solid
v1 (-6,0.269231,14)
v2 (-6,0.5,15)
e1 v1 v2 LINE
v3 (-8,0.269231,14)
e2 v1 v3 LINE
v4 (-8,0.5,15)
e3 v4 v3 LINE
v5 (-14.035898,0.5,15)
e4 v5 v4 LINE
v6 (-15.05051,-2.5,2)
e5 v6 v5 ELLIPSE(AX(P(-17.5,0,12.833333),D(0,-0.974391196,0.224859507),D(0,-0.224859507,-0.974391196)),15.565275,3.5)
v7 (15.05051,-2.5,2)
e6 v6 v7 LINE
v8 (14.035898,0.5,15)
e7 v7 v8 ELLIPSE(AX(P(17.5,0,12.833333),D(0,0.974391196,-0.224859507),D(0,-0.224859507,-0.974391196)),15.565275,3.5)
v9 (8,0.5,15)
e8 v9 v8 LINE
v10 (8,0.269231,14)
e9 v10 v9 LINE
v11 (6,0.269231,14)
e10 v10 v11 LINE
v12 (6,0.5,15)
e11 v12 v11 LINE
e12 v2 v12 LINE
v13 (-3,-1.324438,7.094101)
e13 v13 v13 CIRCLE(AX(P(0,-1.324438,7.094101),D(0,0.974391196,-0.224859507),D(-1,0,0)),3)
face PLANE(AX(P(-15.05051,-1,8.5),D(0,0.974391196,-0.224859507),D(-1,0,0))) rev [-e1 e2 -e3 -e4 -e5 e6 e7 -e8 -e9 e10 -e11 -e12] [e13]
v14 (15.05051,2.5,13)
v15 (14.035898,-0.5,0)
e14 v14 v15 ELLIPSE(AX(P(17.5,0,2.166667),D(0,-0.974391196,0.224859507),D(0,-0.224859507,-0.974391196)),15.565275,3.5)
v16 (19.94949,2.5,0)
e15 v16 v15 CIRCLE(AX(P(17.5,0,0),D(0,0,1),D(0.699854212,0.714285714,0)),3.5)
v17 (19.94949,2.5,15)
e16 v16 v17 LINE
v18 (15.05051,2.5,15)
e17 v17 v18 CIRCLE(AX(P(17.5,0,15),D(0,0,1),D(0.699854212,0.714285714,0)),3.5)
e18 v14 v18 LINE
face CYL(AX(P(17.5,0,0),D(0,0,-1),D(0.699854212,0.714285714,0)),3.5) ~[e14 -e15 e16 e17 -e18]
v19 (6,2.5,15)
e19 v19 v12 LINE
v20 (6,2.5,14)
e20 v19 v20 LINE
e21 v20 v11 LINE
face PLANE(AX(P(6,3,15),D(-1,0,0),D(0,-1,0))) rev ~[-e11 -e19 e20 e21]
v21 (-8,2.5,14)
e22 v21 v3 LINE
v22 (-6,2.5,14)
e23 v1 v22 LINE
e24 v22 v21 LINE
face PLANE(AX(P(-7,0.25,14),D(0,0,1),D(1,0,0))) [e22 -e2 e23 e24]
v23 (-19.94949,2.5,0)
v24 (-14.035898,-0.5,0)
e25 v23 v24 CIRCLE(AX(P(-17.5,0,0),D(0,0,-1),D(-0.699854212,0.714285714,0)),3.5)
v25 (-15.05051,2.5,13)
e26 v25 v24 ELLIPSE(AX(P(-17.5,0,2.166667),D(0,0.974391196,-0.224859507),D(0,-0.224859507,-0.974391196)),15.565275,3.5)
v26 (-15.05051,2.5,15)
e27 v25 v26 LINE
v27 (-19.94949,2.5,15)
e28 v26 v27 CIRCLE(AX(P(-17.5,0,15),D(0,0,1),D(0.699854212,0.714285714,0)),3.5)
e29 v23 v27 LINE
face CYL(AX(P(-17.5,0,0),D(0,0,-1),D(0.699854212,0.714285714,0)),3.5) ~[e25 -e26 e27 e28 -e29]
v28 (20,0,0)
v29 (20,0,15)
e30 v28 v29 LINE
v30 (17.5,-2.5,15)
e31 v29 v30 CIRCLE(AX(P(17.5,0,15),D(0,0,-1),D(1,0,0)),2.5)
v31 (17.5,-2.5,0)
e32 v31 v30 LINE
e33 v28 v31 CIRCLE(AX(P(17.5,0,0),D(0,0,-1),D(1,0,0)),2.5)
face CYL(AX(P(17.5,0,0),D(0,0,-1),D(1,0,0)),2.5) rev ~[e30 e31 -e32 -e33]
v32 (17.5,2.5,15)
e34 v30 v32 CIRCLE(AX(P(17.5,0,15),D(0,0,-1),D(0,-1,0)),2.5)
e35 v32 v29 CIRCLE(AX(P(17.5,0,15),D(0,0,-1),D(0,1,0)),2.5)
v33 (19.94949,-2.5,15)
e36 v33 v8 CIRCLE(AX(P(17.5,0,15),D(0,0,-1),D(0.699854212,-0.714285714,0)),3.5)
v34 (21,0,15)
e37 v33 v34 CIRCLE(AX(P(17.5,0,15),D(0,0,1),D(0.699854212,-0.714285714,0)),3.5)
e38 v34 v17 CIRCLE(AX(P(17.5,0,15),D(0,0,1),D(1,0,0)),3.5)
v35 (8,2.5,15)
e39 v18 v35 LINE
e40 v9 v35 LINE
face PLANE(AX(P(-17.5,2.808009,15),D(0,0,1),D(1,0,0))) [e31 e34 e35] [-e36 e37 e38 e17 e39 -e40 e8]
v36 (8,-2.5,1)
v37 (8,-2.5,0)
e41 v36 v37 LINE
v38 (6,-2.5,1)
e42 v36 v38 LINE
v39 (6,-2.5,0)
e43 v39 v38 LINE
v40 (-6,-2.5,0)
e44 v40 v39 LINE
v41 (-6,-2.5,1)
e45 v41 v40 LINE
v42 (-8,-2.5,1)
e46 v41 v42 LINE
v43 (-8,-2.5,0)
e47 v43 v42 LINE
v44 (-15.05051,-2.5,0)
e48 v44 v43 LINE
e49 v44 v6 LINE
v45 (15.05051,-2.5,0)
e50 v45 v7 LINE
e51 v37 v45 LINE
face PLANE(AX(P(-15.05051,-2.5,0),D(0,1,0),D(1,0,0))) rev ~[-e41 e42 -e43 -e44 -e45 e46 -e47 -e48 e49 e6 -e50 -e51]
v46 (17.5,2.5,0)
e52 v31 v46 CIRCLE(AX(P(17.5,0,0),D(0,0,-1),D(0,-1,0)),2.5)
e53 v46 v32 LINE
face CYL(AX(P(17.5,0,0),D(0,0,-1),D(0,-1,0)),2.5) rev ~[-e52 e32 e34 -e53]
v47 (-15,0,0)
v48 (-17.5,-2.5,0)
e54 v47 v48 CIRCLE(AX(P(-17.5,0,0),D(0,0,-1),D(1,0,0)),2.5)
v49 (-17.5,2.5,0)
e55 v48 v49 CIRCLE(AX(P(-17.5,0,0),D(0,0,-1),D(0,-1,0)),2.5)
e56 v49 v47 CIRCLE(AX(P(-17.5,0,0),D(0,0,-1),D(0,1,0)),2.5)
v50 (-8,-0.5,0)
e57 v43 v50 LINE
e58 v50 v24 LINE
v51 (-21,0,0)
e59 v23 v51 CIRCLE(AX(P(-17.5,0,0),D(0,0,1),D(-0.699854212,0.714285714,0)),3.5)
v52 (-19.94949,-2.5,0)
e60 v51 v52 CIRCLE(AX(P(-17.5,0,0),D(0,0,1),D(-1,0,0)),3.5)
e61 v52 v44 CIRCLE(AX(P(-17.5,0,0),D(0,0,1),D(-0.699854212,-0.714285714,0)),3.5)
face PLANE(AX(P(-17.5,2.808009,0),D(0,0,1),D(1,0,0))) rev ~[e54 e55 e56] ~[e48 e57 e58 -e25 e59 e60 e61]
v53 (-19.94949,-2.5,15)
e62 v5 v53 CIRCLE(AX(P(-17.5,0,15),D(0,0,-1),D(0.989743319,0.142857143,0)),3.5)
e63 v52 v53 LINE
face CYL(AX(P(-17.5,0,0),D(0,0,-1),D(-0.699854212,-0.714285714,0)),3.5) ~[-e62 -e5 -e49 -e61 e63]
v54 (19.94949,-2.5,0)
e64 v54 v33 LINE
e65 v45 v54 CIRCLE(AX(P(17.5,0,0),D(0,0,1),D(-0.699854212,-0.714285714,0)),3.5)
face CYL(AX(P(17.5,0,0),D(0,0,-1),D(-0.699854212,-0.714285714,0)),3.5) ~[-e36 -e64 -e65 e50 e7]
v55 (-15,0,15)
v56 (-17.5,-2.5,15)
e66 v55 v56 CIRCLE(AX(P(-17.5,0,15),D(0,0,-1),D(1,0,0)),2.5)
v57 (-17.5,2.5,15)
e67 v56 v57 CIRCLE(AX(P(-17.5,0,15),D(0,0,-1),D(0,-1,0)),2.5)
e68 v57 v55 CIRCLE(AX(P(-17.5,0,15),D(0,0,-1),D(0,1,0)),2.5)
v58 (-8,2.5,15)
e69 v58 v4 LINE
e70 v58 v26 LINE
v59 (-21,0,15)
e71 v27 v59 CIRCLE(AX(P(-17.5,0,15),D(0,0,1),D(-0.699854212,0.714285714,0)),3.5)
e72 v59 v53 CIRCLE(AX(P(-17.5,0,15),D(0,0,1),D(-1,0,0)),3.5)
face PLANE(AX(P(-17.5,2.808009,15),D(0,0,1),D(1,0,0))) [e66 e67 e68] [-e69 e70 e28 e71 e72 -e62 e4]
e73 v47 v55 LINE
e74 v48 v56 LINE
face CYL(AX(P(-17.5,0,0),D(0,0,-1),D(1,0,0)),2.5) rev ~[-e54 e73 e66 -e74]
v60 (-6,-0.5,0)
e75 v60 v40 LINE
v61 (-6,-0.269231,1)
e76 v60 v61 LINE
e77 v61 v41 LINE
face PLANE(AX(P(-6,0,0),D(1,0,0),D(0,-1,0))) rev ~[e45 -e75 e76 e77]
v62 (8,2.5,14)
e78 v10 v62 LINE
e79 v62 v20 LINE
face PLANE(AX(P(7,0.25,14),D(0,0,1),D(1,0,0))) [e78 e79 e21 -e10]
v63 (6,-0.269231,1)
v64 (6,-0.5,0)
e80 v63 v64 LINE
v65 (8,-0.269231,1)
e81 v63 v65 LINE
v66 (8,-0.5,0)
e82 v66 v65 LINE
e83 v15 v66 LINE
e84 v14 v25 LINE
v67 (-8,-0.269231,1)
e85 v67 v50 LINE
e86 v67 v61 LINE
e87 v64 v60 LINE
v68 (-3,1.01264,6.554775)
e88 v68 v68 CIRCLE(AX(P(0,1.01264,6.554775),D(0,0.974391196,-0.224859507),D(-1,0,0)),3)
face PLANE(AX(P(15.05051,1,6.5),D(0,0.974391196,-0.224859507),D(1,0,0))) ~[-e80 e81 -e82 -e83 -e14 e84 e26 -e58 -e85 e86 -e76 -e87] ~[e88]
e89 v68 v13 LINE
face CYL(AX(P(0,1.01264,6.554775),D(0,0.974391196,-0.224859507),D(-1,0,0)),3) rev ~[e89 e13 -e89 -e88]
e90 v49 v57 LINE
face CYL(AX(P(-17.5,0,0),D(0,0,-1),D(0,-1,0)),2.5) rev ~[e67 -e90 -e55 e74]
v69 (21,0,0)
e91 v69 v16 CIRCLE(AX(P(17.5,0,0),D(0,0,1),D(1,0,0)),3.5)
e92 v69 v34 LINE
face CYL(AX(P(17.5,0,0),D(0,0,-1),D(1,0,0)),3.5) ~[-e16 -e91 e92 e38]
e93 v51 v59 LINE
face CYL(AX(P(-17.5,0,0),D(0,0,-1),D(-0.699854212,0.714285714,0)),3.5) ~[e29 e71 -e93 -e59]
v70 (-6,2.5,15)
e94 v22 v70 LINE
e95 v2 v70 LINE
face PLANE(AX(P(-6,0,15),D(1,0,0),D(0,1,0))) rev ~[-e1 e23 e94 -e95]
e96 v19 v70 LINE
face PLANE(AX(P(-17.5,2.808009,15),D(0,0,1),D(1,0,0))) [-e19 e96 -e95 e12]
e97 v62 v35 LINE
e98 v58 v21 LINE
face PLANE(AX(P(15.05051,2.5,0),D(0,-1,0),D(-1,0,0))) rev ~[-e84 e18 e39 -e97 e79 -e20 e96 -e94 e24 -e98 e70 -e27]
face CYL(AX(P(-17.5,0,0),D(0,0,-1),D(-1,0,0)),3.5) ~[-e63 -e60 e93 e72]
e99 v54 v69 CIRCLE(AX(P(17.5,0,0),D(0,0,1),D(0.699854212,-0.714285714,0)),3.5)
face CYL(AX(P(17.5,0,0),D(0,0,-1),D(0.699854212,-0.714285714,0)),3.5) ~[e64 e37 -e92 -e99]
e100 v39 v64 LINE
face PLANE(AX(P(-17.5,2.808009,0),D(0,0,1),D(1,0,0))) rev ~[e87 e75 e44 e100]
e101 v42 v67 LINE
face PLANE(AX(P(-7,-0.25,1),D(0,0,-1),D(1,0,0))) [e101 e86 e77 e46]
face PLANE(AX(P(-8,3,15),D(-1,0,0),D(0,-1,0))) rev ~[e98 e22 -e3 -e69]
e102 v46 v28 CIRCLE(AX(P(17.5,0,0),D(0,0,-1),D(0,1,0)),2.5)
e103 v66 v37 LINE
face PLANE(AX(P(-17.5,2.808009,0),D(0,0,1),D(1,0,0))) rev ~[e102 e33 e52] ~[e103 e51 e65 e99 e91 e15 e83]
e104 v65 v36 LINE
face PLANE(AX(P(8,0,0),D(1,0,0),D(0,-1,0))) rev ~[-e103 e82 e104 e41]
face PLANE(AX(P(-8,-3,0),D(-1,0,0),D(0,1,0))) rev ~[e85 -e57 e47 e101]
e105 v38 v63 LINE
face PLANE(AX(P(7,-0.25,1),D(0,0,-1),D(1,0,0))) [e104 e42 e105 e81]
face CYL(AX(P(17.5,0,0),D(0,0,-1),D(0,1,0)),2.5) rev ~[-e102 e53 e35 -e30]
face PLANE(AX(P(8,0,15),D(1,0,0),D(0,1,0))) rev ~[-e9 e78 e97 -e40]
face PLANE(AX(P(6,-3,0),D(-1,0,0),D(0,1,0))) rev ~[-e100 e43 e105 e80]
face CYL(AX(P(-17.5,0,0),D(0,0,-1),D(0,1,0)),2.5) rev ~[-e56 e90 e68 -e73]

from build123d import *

# Parameters (mm, degrees)
F1_DEPTH = 15
F2_SIZE2 = 3
F2_SIZE  = 13
F3_SIZE2 = 3
F3_SIZE  = 13
F4_R     = 3
F5_DEPTH = 25
F6_W     = 2
F6_H     = 0.5
F6_H_2   = 2
F7_DEPTH = 1
F8_W     = 2
F8_H     = 0.5
F8_H_2   = 2
F9_DEPTH = 1


with BuildPart() as f1:
    # F0 (on Top) → F1 (new body)
    with BuildSketch(Plane.XY):
        with BuildLine():
            Line((-17.5, 2.5), (-15.0505102572, 2.5))
            ThreePointArc((-15.0505102572, 2.5), (-17.5, 3.5), (-19.9494897428, 2.5))
            Line((-19.9494897428, 2.5), (-17.5, 2.5))
        make_face()
        with BuildLine():
            ThreePointArc((-17.5, -2.5), (-20, 0), (-17.5, 2.5))
            Line((-17.5, 2.5), (-19.9494897428, 2.5))
            ThreePointArc((-19.9494897428, 2.5), (-20.7267021942, 1.3558735008), (-21, 0))
            ThreePointArc((-21, 0), (-20.7267021942, -1.3558735008), (-19.9494897428, -2.5))
            Line((-19.9494897428, -2.5), (-17.5, -2.5))
        make_face()
        with BuildLine():
            ThreePointArc((-19.9494897428, -2.5), (-17.5, -3.5), (-15.0505102572, -2.5))
            Line((-15.0505102572, -2.5), (-17.5, -2.5))
            Line((-17.5, -2.5), (-19.9494897428, -2.5))
        make_face()
        with BuildLine():
            ThreePointArc((-14, 0), (-14.2732978058, 1.3558735008), (-15.0505102572, 2.5))
            Line((-15.0505102572, 2.5), (-17.5, 2.5))
            ThreePointArc((-17.5, 2.5), (-15.732233047, 1.767766953), (-15, 0))
            ThreePointArc((-15, 0), (-15.732233047, -1.767766953), (-17.5, -2.5))
            Line((-17.5, -2.5), (-15.0505102572, -2.5))
            ThreePointArc((-15.0505102572, -2.5), (-14.2732978058, -1.3558735008), (-14, 0))
        make_face()
        with BuildLine():
            ThreePointArc((15.0505102572, -2.5), (14, 0), (15.0505102572, 2.5))
            Line((15.0505102572, 2.5), (-15.0505102572, 2.5))
            ThreePointArc((-15.0505102572, 2.5), (-14.2732978058, 1.3558735008), (-14, 0))
            ThreePointArc((-14, 0), (-14.2732978058, -1.3558735008), (-15.0505102572, -2.5))
            Line((-15.0505102572, -2.5), (15.0505102572, -2.5))
        make_face()
        with BuildLine():
            ThreePointArc((17.5, -2.5), (15, 0), (17.5, 2.5))
            Line((17.5, 2.5), (15.0505102572, 2.5))
            ThreePointArc((15.0505102572, 2.5), (14, 0), (15.0505102572, -2.5))
            Line((15.0505102572, -2.5), (17.5, -2.5))
        make_face()
        with BuildLine():
            Line((17.5, 2.5), (19.9494897428, 2.5))
            ThreePointArc((19.9494897428, 2.5), (17.5, 3.5), (15.0505102572, 2.5))
            Line((15.0505102572, 2.5), (17.5, 2.5))
        make_face()
        with BuildLine():
            ThreePointArc((21, 0), (20.7267021942, 1.3558735008), (19.9494897428, 2.5))
            Line((19.9494897428, 2.5), (17.5, 2.5))
            ThreePointArc((17.5, 2.5), (19.267766953, 1.767766953), (20, 0))
            ThreePointArc((20, 0), (19.267766953, -1.767766953), (17.5, -2.5))
            Line((17.5, -2.5), (19.9494897428, -2.5))
            ThreePointArc((19.9494897428, -2.5), (20.7267021942, -1.3558735008), (21, 0))
        make_face()
        with BuildLine():
            ThreePointArc((15.0505102572, -2.5), (17.5, -3.5), (19.9494897428, -2.5))
            Line((19.9494897428, -2.5), (17.5, -2.5))
            Line((17.5, -2.5), (15.0505102572, -2.5))
        make_face()
    extrude(amount=F1_DEPTH)

    # F2
    f2_edges = [f1.edges().sort_by_distance(p)[0] for p in [
        (0, -2.5, 15),
    ]]
    f2_side = f1.faces().sort_by_distance((0, -2.5, 7.5))[0]
    chamfer(f2_edges, length=F2_SIZE, length2=F2_SIZE2, reference=f2_side)

    # F3
    f3_edges = [f1.edges().sort_by_distance(p)[0] for p in [
        (0, 2.5, 0),
    ]]
    f3_side = f1.faces().sort_by_distance((0, 2.5, 7.5))[0]
    chamfer(f3_edges, length=F3_SIZE, length2=F3_SIZE2, reference=f3_side)

    # F4 (on face) → F5 (cut)
    with BuildSketch(Plane(origin=(0, -0.4747191011, 0.1095505618), x_dir=(-1, 0, 0), z_dir=(0, 0.9743911957, -0.2248595067))):
        with Locations((0, 6.6146171554)):
            Circle(F4_R)
    extrude(amount=-F5_DEPTH, mode=Mode.SUBTRACT)

    # F6 (on face) → F7 (cut)
    with BuildSketch(Plane.XY.offset(15)):
        with Locations((7, 0.25)):
            Rectangle(F6_W, F6_H)
        with Locations((-7, 0.25)):
            Rectangle(F6_W, F6_H)
        with Locations((-7, 1.5)):
            Rectangle(F6_W, F6_H_2)
        with Locations((-7, 2.75)):
            Rectangle(F6_W, F6_H)
        with Locations((7, 1.5)):
            Rectangle(F6_W, F6_H_2)
        with Locations((7, 2.75)):
            Rectangle(F6_W, F6_H)
    extrude(amount=-F7_DEPTH, mode=Mode.SUBTRACT)

    # F8 (on face) → F9 (cut)
    with BuildSketch(Plane(origin=(0, 0, 0), x_dir=(1, 0, 0), z_dir=(0, 0, -1))):
        with Locations((7, 0.25)):
            Rectangle(F8_W, F8_H)
        with Locations((7, 1.5)):
            Rectangle(F8_W, F8_H_2)
        with Locations((7, 2.75)):
            Rectangle(F8_W, F8_H)
        with Locations((-7, 0.25)):
            Rectangle(F8_W, F8_H)
        with Locations((-7, 1.5)):
            Rectangle(F8_W, F8_H_2)
        with Locations((-7, 2.75)):
            Rectangle(F8_W, F8_H)
    extrude(amount=-F9_DEPTH, mode=Mode.SUBTRACT)


solid = f1.part
